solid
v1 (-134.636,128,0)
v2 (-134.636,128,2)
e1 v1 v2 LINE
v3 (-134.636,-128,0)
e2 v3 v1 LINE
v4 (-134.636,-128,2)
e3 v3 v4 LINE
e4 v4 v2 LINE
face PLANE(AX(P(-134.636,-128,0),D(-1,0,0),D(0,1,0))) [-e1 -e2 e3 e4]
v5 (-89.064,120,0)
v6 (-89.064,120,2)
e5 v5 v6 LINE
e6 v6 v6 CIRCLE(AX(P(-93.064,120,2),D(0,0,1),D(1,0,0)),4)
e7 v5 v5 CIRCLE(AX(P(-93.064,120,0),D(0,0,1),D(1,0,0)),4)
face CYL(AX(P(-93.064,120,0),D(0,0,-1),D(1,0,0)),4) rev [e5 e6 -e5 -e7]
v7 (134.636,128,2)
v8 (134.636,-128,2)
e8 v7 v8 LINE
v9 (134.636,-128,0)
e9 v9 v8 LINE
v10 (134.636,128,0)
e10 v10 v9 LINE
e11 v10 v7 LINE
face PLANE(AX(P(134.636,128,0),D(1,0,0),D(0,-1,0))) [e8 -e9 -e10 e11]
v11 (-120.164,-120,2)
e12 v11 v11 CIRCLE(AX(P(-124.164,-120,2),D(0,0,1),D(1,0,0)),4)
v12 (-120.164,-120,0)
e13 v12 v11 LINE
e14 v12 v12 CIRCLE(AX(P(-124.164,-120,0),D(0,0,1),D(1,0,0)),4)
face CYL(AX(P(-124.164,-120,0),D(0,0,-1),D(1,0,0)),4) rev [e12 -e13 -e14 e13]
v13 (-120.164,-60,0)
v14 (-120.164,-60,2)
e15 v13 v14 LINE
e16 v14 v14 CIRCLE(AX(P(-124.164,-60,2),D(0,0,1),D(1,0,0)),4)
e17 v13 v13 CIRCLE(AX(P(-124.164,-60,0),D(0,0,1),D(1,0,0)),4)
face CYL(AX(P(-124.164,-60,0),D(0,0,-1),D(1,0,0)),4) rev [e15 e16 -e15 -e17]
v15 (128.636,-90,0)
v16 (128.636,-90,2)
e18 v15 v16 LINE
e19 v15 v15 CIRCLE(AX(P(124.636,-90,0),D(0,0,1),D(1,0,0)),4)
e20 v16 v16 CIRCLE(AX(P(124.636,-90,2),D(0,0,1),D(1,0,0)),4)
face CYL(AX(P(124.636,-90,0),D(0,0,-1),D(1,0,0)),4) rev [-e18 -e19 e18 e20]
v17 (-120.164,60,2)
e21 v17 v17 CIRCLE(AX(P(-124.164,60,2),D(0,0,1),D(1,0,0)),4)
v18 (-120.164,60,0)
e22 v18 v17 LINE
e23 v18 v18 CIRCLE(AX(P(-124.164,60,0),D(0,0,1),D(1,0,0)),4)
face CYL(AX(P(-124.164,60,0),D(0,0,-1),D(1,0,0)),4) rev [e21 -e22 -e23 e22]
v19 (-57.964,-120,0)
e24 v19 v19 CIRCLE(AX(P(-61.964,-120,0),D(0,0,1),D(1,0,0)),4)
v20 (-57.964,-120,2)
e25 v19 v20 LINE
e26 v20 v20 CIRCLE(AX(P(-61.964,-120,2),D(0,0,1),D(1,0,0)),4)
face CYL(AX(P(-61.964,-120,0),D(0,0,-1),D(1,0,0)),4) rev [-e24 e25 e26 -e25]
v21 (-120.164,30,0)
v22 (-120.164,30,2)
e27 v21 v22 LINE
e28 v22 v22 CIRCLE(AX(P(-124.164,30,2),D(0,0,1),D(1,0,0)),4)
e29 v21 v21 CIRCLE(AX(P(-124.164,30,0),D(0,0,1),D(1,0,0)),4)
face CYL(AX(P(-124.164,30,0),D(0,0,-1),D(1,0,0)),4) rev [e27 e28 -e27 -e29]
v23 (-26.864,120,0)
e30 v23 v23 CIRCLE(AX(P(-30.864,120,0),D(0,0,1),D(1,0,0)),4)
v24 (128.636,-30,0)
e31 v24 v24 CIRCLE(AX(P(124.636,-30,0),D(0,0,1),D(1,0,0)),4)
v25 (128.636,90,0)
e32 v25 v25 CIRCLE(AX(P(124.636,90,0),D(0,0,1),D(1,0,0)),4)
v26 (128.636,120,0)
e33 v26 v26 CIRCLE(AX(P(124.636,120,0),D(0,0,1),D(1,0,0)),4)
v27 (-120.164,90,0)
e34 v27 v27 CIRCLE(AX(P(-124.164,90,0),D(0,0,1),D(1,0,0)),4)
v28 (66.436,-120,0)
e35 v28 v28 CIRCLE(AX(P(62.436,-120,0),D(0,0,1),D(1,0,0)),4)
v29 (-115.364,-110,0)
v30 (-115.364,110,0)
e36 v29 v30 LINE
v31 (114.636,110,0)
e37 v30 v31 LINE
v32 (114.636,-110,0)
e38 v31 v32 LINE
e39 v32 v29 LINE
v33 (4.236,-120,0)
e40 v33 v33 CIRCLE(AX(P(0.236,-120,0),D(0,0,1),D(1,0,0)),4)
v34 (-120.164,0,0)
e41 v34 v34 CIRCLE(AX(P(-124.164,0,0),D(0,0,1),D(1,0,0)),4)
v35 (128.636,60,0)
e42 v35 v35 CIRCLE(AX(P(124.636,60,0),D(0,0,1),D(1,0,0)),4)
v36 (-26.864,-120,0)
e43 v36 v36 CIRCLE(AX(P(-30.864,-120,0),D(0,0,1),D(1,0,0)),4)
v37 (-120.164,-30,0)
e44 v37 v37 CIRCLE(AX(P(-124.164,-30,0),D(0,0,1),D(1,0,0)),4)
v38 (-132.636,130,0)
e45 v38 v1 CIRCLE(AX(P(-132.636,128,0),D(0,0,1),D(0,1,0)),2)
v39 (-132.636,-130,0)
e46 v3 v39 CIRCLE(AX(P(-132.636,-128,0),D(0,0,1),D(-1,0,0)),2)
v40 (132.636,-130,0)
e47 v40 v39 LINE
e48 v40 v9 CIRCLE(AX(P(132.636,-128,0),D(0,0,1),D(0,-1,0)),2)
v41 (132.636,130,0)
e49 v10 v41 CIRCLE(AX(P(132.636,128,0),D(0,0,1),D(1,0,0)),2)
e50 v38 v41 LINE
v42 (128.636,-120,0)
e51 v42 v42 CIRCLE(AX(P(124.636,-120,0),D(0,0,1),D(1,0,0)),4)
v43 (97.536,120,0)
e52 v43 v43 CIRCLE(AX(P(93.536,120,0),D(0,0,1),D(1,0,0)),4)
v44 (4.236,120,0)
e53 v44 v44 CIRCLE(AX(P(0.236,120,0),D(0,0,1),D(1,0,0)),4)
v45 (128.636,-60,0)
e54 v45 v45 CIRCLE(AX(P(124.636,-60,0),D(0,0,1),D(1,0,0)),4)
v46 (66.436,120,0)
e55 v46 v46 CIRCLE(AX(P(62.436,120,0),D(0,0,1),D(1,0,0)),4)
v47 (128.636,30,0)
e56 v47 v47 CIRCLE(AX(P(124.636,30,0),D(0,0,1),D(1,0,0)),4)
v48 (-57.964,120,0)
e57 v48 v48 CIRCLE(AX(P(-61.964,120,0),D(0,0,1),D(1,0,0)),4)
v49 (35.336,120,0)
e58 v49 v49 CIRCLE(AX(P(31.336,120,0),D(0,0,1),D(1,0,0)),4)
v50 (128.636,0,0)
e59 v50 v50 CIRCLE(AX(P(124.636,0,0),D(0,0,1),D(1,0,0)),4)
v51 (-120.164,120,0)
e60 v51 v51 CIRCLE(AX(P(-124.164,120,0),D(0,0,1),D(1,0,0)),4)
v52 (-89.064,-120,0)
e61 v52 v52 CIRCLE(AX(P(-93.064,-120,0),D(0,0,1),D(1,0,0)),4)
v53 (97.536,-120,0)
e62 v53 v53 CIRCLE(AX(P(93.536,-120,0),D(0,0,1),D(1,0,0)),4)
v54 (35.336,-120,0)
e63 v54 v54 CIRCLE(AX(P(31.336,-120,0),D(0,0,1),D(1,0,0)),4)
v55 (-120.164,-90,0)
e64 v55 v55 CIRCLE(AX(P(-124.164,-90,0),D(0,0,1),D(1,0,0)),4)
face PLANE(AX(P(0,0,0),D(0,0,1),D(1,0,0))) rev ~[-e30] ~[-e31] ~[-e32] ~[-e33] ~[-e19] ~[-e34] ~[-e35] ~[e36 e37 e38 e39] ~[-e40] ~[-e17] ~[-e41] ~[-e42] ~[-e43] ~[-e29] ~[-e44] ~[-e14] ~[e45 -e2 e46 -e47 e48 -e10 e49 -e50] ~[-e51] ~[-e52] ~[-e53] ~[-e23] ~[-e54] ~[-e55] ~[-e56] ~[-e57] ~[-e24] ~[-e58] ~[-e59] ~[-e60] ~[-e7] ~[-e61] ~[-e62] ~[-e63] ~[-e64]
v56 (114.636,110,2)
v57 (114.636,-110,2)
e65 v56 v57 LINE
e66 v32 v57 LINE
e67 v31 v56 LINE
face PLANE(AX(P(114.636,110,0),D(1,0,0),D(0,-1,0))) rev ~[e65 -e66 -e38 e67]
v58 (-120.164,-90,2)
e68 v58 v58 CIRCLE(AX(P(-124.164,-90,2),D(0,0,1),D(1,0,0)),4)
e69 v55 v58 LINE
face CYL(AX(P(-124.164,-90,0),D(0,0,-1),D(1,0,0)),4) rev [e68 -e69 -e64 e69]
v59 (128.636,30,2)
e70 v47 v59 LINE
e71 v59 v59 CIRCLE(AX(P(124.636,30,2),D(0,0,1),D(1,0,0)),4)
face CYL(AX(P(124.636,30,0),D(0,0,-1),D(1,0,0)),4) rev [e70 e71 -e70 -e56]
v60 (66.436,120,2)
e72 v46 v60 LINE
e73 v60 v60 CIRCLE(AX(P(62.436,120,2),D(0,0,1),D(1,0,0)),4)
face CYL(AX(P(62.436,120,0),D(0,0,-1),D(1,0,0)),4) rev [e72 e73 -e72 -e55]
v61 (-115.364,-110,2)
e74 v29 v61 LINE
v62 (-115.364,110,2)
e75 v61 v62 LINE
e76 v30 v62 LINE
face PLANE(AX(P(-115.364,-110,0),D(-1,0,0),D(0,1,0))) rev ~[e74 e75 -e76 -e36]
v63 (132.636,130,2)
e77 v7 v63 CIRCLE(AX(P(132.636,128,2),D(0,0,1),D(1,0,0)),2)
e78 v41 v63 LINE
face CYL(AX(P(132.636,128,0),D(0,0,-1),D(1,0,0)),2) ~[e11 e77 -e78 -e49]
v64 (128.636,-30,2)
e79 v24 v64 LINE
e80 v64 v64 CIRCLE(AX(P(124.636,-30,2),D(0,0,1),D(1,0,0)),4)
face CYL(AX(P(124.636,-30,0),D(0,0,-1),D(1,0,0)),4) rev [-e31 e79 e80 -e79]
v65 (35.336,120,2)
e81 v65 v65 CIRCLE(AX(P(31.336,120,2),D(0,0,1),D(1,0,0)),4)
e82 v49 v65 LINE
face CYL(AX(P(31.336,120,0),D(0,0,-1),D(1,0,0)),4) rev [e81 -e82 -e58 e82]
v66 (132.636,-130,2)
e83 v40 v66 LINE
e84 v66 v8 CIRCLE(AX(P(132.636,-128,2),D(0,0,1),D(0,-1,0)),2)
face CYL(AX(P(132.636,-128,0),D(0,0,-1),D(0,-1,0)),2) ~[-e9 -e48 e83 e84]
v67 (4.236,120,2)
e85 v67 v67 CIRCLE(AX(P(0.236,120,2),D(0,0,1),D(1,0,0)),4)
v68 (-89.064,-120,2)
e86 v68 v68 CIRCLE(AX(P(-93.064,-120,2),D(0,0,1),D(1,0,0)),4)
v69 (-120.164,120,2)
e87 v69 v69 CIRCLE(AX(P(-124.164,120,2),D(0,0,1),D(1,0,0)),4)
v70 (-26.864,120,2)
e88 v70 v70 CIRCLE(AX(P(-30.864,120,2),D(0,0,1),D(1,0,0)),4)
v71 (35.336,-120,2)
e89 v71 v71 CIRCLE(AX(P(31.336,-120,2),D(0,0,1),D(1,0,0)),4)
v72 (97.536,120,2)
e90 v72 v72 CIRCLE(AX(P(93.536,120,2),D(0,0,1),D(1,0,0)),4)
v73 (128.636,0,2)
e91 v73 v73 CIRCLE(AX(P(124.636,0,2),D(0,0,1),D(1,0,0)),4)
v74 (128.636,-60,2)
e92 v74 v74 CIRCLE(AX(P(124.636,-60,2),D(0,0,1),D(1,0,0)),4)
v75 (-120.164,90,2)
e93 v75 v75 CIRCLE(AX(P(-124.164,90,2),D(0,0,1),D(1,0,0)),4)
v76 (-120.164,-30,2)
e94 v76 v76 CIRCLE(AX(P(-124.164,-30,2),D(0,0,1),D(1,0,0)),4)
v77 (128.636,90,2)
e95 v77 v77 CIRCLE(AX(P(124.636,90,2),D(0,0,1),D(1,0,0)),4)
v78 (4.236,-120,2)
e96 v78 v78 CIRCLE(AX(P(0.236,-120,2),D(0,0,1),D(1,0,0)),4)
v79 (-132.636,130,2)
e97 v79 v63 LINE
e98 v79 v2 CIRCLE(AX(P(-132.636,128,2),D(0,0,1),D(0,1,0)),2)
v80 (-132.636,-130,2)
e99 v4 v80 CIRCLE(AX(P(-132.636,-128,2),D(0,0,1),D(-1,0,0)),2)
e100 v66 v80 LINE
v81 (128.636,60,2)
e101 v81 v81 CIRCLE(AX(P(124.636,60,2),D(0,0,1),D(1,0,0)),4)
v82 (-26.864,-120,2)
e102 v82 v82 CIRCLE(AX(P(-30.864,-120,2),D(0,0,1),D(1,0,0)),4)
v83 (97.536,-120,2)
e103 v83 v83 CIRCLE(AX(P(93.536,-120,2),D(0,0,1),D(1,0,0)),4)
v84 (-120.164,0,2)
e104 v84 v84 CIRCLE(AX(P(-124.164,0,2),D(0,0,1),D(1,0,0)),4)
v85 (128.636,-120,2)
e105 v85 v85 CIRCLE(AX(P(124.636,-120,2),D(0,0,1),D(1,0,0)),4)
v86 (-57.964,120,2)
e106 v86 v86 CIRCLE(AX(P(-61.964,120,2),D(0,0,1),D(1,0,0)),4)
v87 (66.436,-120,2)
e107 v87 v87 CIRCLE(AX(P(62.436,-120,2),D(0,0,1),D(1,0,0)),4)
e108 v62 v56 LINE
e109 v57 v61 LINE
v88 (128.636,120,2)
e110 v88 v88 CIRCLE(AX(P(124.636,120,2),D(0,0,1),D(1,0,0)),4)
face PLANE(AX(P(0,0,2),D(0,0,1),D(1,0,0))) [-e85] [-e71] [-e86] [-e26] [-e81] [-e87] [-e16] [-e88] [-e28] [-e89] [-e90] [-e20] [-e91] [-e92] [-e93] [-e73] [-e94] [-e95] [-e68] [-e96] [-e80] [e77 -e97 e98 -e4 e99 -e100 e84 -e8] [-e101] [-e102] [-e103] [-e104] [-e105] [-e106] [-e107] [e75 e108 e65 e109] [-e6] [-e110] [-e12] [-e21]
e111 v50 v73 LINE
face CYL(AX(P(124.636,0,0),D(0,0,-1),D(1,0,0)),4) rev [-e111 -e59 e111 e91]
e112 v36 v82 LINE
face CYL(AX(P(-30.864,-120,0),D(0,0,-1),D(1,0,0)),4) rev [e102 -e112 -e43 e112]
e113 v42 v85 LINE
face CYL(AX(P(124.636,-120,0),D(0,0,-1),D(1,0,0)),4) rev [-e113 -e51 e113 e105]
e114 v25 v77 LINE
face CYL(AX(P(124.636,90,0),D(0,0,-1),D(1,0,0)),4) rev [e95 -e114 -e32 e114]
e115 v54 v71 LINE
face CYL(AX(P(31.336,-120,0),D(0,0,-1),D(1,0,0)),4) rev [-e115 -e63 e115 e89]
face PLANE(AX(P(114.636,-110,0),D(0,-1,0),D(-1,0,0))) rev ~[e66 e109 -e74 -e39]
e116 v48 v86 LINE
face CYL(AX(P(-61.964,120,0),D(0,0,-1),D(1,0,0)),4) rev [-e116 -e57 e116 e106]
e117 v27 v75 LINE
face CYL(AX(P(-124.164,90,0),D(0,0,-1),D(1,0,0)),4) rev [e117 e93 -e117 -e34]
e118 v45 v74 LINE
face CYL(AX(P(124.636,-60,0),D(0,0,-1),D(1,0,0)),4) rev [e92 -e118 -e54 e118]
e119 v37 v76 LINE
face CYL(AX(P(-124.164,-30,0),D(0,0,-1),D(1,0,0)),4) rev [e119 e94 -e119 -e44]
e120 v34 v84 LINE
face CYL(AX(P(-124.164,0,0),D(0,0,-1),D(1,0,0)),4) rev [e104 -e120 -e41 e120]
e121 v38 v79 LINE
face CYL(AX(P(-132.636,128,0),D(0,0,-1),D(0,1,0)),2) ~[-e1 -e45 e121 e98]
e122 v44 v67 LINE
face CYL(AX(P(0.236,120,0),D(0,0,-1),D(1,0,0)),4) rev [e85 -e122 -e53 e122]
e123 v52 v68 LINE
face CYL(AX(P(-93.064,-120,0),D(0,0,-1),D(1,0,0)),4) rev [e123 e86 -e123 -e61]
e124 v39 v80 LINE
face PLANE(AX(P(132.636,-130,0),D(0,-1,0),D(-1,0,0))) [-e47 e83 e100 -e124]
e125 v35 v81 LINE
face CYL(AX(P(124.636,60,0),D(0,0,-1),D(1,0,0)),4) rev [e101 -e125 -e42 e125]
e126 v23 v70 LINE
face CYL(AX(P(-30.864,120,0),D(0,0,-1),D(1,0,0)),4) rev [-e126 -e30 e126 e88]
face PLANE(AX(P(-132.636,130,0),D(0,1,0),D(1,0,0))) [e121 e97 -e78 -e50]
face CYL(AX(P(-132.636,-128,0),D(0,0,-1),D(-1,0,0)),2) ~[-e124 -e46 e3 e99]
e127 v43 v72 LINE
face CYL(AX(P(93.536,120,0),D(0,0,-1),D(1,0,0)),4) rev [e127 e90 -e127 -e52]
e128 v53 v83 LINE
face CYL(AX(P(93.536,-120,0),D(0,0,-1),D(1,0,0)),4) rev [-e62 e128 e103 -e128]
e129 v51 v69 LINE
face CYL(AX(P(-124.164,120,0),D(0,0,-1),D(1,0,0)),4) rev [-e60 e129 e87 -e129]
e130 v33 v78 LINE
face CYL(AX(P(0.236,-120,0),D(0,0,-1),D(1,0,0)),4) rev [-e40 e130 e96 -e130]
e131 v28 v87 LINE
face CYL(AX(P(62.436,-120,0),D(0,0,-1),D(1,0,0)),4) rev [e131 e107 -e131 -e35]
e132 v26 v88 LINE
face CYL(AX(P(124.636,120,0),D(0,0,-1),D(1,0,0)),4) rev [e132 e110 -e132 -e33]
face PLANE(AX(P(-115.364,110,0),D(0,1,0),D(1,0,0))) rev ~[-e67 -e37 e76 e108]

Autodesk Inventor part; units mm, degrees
ref_plane "YZ Plane" through (0, 0, 0) normal (1, 0, 0) x (0, 1, 0)
ref_plane "XZ Plane" through (0, 0, 0) normal (0, 1, 0) x (-1, 0, 0)
ref_plane "XY Plane" through (0, 0, 0) normal (0, 0, 1) x (1, 0, 0)
ref_plane "РабПлоскость1" through (0, 0, 0) normal (0, 0, 1) x (1, 0, 0)
sketch "Эскиз1" plane through (0, 0, 0) normal (0, 0, 1) x (1, 0, 0)
  circle A0 centre (-124.164, -120) radius 4 projected
  circle A1 centre (-93.064, -120) radius 4 projected
  circle A2 centre (-61.964, -120) radius 4 projected
  circle A3 centre (-30.864, -120) radius 4 projected
  circle A4 centre (0.236, -120) radius 4 projected
  circle A5 centre (31.336, -120) radius 4 projected
  circle A6 centre (62.436, -120) radius 4 projected
  circle A7 centre (93.536, -120) radius 4 projected
  circle A8 centre (124.636, -120) radius 4 projected
  circle A9 centre (-124.164, -90) radius 4 projected
  circle A10 centre (124.636, -90) radius 4 projected
  circle A11 centre (-124.164, -60) radius 4 projected
  circle A12 centre (124.636, -60) radius 4 projected
  circle A13 centre (-124.164, -30) radius 4 projected
  circle A14 centre (124.636, -30) radius 4 projected
  circle A15 centre (-124.164, 0) radius 4 projected
  circle A16 centre (124.636, 0) radius 4 projected
  circle A17 centre (-124.164, 30) radius 4 projected
  circle A18 centre (124.636, 30) radius 4 projected
  circle A19 centre (-124.164, 60) radius 4 projected
  circle A20 centre (124.636, 60) radius 4 projected
  circle A21 centre (-124.164, 90) radius 4 projected
  circle A22 centre (124.636, 90) radius 4 projected
  circle A23 centre (-124.164, 120) radius 4 projected
  circle A24 centre (-93.064, 120) radius 4 projected
  circle A25 centre (-61.964, 120) radius 4 projected
  circle A26 centre (-30.864, 120) radius 4 projected
  circle A27 centre (0.236, 120) radius 4 projected
  circle A28 centre (31.336, 120) radius 4 projected
  circle A29 centre (62.436, 120) radius 4 projected
  circle A30 centre (93.536, 120) radius 4 projected
  circle A31 centre (124.636, 120) radius 4 projected
  line L0 (-115.364, -110) -> (-115.364, 110) projected
  line L1 (-115.364, 110) -> (114.636, 110) projected
  line L2 (114.636, 110) -> (114.636, -110) projected
  line L3 (114.636, -110) -> (-115.364, -110) projected
  arc A32 (132.636, -130) -> (134.636, -128) centre (132.636, -128) ccw projected
  line L4 (134.636, 128) -> (134.636, -128) projected
  arc A33 (134.636, 128) -> (132.636, 130) centre (132.636, 128) ccw projected
  line L5 (-132.636, 130) -> (132.636, 130) projected
  arc A34 (-132.636, 130) -> (-134.636, 128) centre (-132.636, 128) ccw projected
  line L6 (-134.636, -128) -> (-134.636, 128) projected
  arc A35 (-134.636, -128) -> (-132.636, -130) centre (-132.636, -128) ccw projected
  line L7 (132.636, -130) -> (-132.636, -130) projected
  point P0 (0, 0)
extrude "Выдавливание1" add sketch "Эскиз1" along normal blind 2
properties part number "Прокладка воды зад" material "Алюминий 6061"
